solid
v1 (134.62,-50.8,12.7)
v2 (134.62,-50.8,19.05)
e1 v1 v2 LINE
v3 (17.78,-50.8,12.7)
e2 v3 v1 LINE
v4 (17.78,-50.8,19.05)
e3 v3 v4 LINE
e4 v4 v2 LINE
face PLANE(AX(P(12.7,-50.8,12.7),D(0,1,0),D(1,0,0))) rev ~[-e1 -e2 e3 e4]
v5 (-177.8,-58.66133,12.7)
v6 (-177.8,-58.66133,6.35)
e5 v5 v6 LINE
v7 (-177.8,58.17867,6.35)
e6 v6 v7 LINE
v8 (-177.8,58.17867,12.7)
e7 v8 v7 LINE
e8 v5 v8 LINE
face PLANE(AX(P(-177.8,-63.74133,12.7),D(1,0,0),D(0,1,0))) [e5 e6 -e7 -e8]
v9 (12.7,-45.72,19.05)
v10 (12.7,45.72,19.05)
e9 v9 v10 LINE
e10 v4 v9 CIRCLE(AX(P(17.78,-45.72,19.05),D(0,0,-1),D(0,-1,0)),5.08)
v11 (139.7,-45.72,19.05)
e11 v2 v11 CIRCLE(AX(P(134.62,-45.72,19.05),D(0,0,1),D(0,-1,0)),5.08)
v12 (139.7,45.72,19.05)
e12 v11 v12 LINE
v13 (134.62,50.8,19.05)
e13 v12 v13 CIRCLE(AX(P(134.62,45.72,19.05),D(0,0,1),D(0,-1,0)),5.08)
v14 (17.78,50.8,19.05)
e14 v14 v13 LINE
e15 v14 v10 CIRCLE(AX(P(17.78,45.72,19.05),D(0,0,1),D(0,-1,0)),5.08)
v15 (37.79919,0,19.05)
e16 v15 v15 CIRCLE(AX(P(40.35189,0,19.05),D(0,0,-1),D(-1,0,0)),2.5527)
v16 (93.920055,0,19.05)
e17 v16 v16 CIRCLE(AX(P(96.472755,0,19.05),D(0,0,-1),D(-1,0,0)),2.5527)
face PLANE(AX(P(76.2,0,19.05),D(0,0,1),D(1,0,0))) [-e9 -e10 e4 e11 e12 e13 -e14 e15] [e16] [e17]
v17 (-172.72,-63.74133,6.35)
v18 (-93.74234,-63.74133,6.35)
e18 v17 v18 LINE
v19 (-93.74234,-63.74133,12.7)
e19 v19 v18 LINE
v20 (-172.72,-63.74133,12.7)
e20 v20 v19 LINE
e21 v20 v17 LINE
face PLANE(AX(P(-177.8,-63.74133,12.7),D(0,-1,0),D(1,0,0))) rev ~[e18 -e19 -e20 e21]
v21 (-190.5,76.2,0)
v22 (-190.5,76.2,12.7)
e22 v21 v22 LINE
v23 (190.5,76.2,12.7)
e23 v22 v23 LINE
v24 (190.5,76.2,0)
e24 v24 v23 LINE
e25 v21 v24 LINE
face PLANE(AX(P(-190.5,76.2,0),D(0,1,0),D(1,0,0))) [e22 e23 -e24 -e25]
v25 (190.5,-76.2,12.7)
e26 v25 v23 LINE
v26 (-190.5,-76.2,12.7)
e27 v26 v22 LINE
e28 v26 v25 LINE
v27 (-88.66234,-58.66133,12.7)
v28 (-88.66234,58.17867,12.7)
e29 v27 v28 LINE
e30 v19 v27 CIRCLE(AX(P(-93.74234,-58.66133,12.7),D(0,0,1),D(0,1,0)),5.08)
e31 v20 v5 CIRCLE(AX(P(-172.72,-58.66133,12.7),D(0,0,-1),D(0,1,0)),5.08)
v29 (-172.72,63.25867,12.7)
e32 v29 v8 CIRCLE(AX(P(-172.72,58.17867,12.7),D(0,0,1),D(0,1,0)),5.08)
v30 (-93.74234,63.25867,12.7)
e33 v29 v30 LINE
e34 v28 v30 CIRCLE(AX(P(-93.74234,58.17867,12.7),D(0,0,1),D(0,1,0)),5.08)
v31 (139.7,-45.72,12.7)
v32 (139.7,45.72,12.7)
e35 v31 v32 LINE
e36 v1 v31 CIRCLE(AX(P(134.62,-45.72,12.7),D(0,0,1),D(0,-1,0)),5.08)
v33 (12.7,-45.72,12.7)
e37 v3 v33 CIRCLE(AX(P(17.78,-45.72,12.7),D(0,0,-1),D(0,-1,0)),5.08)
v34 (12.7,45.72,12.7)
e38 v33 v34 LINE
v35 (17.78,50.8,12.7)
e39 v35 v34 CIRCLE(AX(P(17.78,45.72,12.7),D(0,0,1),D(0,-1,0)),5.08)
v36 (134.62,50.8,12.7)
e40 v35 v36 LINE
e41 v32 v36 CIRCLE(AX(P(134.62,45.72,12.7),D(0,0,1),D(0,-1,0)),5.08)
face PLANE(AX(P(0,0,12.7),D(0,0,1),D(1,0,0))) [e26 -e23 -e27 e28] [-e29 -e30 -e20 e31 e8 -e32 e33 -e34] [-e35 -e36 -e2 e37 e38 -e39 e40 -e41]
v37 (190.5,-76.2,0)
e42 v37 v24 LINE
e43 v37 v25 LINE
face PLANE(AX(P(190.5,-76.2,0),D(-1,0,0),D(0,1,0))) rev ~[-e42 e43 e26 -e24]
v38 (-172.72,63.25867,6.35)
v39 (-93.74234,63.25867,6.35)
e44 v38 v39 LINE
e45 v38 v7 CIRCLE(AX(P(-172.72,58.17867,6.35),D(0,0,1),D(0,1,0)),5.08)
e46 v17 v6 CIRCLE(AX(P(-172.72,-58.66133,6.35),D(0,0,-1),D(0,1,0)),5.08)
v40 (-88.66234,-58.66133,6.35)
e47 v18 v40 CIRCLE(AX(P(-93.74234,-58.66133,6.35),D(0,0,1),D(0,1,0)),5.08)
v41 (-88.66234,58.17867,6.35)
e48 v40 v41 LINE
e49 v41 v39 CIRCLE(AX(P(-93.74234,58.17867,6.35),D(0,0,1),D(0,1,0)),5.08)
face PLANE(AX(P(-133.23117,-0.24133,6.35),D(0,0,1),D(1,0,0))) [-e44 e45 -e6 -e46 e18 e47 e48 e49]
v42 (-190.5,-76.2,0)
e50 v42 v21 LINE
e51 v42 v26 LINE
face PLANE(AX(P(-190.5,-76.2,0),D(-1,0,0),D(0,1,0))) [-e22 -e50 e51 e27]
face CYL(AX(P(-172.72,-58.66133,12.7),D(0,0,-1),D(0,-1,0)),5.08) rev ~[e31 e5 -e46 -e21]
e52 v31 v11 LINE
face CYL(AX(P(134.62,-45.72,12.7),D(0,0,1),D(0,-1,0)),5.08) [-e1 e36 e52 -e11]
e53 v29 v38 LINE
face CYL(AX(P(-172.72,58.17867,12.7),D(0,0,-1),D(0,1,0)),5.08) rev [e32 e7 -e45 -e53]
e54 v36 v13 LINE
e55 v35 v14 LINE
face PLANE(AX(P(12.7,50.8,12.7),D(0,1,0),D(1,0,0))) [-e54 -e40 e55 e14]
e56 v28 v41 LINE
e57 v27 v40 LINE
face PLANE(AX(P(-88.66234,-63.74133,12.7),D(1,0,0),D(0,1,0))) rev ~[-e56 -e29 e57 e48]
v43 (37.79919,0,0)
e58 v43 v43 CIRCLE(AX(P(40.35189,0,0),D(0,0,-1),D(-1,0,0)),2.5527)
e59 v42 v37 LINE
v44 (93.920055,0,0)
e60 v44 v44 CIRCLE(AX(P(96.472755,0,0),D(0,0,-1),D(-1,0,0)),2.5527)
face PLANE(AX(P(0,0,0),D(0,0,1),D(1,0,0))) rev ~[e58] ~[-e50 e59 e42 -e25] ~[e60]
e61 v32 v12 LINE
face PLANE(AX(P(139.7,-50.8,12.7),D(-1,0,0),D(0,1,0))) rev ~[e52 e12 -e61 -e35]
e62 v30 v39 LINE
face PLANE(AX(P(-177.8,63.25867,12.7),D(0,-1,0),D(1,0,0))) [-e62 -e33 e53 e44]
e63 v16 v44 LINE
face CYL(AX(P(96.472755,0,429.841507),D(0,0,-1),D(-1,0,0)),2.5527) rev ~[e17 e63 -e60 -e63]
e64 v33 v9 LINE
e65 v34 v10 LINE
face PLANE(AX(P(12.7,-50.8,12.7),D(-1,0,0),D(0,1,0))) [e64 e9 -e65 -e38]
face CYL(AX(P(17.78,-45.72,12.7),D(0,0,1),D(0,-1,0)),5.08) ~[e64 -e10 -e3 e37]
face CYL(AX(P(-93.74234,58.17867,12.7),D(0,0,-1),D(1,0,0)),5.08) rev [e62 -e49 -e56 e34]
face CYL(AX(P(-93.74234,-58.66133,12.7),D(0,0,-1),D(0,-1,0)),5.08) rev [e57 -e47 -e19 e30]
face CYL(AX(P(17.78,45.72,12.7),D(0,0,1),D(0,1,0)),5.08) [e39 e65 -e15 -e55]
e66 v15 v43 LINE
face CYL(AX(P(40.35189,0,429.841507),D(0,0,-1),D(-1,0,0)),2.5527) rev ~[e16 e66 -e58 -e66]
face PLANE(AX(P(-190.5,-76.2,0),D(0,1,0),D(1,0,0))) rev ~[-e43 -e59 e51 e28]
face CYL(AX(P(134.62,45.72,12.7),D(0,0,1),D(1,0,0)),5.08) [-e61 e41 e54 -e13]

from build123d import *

# Parameters (mm, degrees)
F0_W     = 381
F0_H     = 152.4
F1_DEPTH = 12.7
F2_W     = 89.1376596271
F2_H     = 127
F3_DEPTH = 6.35
F4_R     = 5.08
F5_W     = 127
F5_H     = 101.6
F6_DEPTH = 6.35
F7_R     = 5.08
F9_D     = 5.1054


with BuildPart() as f1:
    # F0 (on Top) → F1 (new body)
    with BuildSketch(Plane.XY):
        Rectangle(F0_W, F0_H)
    extrude(amount=F1_DEPTH)

    # F2 (on face) → F3 (cut)
    with BuildSketch(Plane.XY.offset(12.7)):
        with Locations((-133.2311701864, -0.2413299241)):
            Rectangle(F2_W, F2_H)
    extrude(amount=-F3_DEPTH, mode=Mode.SUBTRACT)

    # F4
    f4_edges = [f1.edges().sort_by_distance(p)[0] for p in [
        (-177.8, 63.25867, 9.525),
        (-177.8, -63.74133, 9.525),
        (-88.66234, 63.25867, 9.525),
        (-88.66234, -63.74133, 9.525),
    ]]
    fillet(f4_edges, radius=F4_R)

    # F5 (on face) → F6 (join)
    with BuildSketch(Plane.XY.offset(12.7)):
        with Locations((76.2, 0)):
            Rectangle(F5_W, F5_H)
    extrude(amount=F6_DEPTH)

    # F7
    f7_edges = [f1.edges().sort_by_distance(p)[0] for p in [
        (12.7, -50.8, 15.875),
        (139.7, -50.8, 15.875),
        (139.7, 50.8, 15.875),
        (12.7, 50.8, 15.875),
    ]]
    fillet(f7_edges, radius=F7_R)

    # F9 (through all)
    with Locations(Plane.XY.offset(19.05)):
        with Locations((40.3518900275, 0), (96.4727550745, 0)):
            Hole(F9_D / 2)


solid = f1.part
